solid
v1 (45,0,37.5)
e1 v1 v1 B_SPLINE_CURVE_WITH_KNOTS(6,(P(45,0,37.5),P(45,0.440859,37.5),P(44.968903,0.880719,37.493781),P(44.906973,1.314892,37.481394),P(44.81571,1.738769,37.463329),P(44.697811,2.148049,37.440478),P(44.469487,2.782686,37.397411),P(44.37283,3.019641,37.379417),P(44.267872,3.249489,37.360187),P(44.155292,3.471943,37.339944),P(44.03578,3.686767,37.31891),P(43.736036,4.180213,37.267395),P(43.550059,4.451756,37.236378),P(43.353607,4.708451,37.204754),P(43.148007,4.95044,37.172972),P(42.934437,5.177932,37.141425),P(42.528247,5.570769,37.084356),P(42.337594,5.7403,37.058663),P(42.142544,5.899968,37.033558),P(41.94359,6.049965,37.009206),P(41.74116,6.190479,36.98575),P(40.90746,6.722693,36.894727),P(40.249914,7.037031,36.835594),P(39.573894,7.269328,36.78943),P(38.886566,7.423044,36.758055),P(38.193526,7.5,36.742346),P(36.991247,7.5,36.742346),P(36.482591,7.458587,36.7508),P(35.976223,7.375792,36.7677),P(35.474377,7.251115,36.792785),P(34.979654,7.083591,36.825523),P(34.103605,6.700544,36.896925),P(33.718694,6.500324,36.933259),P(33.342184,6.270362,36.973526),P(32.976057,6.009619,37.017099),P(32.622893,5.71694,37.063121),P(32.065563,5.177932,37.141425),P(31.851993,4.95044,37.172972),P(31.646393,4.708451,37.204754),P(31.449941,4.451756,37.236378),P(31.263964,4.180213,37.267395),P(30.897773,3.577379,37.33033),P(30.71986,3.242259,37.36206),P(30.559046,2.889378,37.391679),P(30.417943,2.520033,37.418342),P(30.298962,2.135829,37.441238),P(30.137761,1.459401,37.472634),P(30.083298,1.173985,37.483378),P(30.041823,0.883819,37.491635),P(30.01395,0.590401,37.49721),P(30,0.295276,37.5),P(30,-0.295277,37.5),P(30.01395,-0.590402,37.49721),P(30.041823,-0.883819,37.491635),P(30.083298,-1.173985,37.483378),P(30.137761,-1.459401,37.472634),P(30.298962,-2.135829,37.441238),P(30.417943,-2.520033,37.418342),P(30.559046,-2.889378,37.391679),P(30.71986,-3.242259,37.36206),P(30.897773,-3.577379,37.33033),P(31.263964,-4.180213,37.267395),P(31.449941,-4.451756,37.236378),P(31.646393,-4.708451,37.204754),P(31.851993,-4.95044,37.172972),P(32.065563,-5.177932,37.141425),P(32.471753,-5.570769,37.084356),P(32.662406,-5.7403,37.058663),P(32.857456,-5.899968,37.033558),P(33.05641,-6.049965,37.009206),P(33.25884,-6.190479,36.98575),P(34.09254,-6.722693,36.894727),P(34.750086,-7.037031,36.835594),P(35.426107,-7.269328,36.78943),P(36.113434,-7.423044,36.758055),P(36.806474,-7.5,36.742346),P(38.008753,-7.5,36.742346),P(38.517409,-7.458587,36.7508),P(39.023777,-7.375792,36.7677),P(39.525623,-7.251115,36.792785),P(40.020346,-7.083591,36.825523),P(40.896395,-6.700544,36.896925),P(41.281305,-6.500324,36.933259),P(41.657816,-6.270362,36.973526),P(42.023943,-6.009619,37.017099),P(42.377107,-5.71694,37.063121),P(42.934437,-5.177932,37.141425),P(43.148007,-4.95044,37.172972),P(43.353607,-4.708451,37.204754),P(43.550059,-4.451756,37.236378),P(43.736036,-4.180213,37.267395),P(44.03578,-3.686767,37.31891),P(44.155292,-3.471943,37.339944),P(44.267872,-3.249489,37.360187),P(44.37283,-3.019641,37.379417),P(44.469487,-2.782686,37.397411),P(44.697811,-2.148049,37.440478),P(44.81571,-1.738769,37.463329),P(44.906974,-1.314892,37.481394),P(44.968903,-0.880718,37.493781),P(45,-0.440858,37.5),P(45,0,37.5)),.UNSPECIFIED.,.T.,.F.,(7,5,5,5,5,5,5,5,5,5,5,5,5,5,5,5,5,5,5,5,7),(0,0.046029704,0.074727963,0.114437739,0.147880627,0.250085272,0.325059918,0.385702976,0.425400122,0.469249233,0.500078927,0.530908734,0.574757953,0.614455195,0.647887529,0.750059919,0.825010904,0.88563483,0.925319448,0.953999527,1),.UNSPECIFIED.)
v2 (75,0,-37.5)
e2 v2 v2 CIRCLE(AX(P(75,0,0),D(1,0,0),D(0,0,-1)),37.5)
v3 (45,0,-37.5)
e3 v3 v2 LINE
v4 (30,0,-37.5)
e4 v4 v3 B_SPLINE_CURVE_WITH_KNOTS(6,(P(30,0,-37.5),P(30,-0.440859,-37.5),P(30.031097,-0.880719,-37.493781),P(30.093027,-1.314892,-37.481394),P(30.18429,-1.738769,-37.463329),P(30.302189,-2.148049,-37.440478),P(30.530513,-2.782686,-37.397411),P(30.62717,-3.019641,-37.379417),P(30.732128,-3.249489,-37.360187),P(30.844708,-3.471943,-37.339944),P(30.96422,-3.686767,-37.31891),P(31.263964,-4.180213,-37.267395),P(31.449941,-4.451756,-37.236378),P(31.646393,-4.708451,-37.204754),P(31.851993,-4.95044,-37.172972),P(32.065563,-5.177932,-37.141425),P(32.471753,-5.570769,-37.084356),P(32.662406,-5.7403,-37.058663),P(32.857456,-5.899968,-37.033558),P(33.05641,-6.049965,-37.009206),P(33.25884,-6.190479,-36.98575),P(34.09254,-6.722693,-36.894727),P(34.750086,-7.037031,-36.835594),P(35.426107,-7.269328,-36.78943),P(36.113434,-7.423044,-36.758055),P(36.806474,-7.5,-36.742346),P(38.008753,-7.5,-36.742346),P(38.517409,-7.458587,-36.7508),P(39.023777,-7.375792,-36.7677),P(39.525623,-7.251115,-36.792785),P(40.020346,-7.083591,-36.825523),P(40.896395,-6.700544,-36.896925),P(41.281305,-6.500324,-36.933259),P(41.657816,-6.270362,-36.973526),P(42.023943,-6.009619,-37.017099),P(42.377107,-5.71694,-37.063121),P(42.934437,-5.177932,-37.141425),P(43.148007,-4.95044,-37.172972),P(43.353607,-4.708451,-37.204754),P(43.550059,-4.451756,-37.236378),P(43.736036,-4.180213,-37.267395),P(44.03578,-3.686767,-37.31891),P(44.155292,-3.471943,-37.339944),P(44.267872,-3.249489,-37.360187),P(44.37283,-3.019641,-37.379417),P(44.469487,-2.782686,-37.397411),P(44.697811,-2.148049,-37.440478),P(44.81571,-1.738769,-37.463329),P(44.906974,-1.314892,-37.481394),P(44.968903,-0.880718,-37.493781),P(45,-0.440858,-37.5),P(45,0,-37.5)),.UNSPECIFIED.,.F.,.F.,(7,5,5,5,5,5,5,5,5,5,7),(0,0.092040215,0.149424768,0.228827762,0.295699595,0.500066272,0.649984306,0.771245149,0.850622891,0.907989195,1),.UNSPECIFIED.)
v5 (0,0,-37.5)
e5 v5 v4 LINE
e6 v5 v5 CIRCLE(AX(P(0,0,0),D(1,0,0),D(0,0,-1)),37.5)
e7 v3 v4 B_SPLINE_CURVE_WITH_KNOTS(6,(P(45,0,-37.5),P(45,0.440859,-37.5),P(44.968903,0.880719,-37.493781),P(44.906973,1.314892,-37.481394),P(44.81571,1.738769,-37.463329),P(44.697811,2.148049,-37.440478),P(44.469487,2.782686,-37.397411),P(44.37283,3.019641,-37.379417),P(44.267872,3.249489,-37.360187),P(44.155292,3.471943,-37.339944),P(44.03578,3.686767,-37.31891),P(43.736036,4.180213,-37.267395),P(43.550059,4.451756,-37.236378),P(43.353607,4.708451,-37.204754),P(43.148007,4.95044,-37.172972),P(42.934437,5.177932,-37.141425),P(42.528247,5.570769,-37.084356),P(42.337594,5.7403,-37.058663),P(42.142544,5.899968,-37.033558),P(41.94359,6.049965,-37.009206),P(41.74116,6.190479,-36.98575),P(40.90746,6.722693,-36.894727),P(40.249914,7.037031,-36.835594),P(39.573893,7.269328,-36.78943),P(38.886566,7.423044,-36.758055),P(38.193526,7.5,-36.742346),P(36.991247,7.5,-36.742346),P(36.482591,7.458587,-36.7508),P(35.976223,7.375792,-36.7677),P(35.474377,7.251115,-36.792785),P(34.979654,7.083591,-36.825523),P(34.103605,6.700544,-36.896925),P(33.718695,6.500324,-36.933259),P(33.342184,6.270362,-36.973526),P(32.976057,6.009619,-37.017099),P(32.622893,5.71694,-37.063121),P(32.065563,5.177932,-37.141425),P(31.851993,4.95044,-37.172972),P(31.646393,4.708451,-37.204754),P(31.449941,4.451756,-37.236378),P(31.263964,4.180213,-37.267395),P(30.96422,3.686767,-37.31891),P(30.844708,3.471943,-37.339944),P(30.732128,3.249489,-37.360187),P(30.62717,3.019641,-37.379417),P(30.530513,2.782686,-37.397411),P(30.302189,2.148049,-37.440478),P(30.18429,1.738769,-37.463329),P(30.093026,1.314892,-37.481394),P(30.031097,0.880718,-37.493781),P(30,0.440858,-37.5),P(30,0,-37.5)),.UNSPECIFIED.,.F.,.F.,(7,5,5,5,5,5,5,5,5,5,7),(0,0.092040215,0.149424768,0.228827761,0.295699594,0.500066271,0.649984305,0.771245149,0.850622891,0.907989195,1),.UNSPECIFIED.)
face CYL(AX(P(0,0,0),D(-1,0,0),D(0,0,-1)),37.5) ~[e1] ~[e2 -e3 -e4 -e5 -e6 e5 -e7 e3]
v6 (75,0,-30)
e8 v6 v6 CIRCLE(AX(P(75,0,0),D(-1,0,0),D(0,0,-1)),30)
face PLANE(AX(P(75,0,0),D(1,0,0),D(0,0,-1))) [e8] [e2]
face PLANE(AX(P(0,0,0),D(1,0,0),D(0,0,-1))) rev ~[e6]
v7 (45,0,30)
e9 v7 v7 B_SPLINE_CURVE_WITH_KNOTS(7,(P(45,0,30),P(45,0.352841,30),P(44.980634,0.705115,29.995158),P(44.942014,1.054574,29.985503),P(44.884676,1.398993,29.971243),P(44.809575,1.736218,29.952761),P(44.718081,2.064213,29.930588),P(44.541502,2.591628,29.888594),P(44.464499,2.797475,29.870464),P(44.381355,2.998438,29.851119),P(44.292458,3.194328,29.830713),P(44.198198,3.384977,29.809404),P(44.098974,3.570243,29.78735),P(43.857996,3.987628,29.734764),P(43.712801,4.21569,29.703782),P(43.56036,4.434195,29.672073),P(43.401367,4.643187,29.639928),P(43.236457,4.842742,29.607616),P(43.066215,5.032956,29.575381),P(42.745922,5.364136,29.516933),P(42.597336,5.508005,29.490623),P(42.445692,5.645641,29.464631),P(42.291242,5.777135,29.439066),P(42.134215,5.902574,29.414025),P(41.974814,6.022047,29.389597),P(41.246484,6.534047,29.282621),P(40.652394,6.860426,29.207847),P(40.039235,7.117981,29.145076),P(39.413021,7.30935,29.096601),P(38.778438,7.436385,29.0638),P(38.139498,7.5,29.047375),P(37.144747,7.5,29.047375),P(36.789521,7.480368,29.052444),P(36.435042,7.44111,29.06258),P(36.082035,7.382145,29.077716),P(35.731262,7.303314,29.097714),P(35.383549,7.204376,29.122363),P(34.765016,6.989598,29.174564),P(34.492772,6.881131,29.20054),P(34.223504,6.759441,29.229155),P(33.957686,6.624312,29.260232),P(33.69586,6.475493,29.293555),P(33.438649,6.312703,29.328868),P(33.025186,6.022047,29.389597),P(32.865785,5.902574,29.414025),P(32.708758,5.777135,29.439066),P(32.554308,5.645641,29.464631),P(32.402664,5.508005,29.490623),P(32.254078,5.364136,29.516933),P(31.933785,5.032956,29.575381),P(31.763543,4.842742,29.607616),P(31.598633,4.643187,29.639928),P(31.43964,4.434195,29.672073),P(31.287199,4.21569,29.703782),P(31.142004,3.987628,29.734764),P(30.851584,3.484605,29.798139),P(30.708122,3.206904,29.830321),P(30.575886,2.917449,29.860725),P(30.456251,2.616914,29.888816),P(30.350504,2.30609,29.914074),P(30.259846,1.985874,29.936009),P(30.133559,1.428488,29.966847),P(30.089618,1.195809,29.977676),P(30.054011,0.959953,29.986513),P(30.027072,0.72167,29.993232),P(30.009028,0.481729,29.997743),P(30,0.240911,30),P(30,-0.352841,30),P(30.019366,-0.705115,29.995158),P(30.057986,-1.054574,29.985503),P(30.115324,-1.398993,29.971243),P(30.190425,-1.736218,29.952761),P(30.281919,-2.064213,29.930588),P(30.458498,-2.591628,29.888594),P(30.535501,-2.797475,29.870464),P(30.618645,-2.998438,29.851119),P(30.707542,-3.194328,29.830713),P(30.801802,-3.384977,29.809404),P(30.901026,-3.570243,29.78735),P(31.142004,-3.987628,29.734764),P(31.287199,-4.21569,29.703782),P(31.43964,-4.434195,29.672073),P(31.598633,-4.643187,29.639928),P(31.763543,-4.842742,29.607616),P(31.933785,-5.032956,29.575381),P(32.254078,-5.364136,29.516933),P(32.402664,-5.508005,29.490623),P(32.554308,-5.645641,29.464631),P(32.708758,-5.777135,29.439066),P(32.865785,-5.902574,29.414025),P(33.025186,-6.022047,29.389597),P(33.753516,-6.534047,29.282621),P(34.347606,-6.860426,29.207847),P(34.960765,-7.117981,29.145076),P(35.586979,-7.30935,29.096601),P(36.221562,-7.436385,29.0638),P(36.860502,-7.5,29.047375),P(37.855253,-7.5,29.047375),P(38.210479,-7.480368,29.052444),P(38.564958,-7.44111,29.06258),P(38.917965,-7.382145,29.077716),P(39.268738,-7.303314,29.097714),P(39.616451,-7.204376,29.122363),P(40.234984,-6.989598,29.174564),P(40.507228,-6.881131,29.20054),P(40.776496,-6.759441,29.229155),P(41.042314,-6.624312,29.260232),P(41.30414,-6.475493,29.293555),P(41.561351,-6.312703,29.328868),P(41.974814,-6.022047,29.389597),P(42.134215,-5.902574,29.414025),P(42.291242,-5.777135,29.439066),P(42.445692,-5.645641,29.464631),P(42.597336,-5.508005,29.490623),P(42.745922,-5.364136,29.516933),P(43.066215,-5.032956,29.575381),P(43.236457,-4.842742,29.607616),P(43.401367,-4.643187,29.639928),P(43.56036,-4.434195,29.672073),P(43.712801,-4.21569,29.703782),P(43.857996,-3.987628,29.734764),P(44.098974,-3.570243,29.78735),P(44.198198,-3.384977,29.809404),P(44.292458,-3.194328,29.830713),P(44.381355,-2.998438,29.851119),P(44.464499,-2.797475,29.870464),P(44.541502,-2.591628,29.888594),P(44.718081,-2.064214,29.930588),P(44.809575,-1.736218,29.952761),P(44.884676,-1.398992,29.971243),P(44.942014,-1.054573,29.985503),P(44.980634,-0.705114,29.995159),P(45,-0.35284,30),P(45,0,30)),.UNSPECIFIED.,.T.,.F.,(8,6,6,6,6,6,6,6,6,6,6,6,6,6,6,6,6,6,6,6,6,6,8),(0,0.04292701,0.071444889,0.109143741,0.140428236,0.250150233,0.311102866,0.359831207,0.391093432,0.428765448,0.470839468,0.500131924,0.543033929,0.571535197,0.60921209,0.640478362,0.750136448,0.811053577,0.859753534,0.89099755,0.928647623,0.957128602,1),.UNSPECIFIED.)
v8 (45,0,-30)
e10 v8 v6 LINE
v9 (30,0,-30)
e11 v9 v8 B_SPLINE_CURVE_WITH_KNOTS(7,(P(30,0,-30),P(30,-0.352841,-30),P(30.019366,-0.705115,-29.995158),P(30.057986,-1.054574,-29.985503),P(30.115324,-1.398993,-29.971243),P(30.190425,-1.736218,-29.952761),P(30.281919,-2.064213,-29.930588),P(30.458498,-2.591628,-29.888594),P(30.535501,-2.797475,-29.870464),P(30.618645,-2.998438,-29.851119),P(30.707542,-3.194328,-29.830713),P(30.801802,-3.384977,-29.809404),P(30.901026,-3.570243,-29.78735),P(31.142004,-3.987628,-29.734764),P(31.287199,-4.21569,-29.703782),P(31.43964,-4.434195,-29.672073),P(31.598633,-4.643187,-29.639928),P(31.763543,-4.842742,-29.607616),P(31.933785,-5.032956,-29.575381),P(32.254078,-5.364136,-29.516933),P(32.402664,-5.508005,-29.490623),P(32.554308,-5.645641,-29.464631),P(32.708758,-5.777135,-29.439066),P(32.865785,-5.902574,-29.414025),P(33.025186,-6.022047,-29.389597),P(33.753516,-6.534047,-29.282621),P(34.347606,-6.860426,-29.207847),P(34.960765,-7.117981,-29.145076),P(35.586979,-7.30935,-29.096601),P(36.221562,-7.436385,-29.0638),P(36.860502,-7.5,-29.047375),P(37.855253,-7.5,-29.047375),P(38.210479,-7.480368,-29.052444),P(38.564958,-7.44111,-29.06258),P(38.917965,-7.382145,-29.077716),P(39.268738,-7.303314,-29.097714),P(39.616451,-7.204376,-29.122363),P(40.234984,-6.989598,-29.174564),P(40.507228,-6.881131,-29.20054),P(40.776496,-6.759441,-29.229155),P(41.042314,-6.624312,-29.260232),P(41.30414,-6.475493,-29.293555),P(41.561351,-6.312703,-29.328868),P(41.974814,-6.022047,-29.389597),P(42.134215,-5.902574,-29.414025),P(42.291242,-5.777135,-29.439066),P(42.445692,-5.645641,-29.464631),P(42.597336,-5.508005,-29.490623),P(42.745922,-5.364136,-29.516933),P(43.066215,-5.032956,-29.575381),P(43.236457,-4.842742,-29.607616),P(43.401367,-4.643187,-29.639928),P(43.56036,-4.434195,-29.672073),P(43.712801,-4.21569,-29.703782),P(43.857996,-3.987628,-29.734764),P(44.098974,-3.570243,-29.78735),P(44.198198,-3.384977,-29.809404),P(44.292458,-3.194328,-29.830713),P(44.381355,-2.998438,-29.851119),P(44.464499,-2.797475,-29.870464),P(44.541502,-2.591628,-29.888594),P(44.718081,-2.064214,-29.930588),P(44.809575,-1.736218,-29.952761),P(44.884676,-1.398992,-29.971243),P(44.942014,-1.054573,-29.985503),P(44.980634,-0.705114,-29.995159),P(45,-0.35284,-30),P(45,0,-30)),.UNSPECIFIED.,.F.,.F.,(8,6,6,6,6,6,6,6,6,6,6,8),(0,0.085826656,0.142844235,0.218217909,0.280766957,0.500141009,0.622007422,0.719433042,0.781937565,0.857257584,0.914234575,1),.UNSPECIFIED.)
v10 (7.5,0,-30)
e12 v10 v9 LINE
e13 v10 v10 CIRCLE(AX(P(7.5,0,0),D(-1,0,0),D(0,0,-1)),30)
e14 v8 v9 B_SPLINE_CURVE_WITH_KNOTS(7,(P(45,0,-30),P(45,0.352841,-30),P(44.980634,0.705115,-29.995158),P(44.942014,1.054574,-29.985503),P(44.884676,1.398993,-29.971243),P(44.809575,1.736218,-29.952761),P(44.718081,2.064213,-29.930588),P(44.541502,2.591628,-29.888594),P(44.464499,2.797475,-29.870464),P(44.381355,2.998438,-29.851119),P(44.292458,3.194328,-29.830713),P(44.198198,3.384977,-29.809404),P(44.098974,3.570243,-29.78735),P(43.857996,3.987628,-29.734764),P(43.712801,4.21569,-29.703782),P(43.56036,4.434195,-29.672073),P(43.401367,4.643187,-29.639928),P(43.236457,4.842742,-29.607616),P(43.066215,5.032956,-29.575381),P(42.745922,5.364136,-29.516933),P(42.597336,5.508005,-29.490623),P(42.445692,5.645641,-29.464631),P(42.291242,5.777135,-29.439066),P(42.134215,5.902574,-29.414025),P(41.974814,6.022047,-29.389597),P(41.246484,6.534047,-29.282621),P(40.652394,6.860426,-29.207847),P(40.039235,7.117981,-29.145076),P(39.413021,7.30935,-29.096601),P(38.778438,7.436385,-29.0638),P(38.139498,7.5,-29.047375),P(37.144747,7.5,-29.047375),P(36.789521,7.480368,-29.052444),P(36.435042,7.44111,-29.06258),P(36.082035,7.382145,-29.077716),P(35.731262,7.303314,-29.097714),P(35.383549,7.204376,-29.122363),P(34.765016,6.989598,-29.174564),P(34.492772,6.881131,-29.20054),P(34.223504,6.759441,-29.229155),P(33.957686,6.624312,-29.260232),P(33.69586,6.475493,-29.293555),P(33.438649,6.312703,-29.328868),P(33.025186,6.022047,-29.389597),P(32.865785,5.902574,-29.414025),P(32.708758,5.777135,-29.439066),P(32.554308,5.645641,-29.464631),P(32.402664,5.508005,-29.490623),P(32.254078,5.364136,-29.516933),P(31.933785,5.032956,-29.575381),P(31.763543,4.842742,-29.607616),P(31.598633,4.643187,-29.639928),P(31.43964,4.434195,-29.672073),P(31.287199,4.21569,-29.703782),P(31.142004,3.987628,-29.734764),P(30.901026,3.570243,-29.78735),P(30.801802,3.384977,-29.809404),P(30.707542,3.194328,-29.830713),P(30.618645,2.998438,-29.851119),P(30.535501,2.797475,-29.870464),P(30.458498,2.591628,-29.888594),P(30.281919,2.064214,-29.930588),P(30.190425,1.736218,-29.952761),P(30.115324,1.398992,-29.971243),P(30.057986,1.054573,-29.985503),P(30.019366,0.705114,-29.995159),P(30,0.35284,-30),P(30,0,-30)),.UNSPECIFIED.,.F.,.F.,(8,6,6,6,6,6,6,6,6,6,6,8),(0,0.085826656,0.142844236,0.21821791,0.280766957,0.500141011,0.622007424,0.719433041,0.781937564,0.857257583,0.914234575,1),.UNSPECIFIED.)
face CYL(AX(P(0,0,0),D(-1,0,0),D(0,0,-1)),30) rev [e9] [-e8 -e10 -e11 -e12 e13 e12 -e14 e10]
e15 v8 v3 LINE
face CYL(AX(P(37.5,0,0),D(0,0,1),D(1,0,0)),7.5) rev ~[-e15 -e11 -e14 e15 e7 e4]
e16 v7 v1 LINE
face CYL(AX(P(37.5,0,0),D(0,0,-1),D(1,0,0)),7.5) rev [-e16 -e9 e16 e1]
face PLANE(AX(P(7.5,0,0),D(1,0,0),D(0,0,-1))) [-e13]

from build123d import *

# Parameters (mm, degrees)
SKETCH1_R               = 37.5
BOSS_EXTRUDE1_DEPTH     = 75
SHELL1_T                = -7.5
SKETCH2_R               = 7.5
CUT_EXTRUDE1_DEPTH      = 92.855865354
CUT_EXTRUDE1_DEPTH_BACK = 92.855865354


with BuildPart() as part:
    # Sketch1 → Boss-Extrude1 (new body)
    with BuildSketch(Plane(origin=(0, 0, 0), x_dir=(0, 0, -1), z_dir=(1, 0, 0))):
        Circle(SKETCH1_R)
    extrude(amount=BOSS_EXTRUDE1_DEPTH)

    # Shell1
    shell1_openings = [part.faces().sort_by_distance(p)[0] for p in [
        (75, 0, 0),
    ]]
    offset(amount=SHELL1_T, openings=shell1_openings, kind=Kind.INTERSECTION)

    # Sketch2 → Cut-Extrude1 (cut, two sides)
    with BuildSketch(Plane.XY) as cut_extrude1_sk:
        with Locations((37.5, 0)):
            Circle(SKETCH2_R)
    extrude(amount=CUT_EXTRUDE1_DEPTH, mode=Mode.SUBTRACT)
    extrude(cut_extrude1_sk.sketch, amount=-CUT_EXTRUDE1_DEPTH_BACK, mode=Mode.SUBTRACT)


solid = part.part
